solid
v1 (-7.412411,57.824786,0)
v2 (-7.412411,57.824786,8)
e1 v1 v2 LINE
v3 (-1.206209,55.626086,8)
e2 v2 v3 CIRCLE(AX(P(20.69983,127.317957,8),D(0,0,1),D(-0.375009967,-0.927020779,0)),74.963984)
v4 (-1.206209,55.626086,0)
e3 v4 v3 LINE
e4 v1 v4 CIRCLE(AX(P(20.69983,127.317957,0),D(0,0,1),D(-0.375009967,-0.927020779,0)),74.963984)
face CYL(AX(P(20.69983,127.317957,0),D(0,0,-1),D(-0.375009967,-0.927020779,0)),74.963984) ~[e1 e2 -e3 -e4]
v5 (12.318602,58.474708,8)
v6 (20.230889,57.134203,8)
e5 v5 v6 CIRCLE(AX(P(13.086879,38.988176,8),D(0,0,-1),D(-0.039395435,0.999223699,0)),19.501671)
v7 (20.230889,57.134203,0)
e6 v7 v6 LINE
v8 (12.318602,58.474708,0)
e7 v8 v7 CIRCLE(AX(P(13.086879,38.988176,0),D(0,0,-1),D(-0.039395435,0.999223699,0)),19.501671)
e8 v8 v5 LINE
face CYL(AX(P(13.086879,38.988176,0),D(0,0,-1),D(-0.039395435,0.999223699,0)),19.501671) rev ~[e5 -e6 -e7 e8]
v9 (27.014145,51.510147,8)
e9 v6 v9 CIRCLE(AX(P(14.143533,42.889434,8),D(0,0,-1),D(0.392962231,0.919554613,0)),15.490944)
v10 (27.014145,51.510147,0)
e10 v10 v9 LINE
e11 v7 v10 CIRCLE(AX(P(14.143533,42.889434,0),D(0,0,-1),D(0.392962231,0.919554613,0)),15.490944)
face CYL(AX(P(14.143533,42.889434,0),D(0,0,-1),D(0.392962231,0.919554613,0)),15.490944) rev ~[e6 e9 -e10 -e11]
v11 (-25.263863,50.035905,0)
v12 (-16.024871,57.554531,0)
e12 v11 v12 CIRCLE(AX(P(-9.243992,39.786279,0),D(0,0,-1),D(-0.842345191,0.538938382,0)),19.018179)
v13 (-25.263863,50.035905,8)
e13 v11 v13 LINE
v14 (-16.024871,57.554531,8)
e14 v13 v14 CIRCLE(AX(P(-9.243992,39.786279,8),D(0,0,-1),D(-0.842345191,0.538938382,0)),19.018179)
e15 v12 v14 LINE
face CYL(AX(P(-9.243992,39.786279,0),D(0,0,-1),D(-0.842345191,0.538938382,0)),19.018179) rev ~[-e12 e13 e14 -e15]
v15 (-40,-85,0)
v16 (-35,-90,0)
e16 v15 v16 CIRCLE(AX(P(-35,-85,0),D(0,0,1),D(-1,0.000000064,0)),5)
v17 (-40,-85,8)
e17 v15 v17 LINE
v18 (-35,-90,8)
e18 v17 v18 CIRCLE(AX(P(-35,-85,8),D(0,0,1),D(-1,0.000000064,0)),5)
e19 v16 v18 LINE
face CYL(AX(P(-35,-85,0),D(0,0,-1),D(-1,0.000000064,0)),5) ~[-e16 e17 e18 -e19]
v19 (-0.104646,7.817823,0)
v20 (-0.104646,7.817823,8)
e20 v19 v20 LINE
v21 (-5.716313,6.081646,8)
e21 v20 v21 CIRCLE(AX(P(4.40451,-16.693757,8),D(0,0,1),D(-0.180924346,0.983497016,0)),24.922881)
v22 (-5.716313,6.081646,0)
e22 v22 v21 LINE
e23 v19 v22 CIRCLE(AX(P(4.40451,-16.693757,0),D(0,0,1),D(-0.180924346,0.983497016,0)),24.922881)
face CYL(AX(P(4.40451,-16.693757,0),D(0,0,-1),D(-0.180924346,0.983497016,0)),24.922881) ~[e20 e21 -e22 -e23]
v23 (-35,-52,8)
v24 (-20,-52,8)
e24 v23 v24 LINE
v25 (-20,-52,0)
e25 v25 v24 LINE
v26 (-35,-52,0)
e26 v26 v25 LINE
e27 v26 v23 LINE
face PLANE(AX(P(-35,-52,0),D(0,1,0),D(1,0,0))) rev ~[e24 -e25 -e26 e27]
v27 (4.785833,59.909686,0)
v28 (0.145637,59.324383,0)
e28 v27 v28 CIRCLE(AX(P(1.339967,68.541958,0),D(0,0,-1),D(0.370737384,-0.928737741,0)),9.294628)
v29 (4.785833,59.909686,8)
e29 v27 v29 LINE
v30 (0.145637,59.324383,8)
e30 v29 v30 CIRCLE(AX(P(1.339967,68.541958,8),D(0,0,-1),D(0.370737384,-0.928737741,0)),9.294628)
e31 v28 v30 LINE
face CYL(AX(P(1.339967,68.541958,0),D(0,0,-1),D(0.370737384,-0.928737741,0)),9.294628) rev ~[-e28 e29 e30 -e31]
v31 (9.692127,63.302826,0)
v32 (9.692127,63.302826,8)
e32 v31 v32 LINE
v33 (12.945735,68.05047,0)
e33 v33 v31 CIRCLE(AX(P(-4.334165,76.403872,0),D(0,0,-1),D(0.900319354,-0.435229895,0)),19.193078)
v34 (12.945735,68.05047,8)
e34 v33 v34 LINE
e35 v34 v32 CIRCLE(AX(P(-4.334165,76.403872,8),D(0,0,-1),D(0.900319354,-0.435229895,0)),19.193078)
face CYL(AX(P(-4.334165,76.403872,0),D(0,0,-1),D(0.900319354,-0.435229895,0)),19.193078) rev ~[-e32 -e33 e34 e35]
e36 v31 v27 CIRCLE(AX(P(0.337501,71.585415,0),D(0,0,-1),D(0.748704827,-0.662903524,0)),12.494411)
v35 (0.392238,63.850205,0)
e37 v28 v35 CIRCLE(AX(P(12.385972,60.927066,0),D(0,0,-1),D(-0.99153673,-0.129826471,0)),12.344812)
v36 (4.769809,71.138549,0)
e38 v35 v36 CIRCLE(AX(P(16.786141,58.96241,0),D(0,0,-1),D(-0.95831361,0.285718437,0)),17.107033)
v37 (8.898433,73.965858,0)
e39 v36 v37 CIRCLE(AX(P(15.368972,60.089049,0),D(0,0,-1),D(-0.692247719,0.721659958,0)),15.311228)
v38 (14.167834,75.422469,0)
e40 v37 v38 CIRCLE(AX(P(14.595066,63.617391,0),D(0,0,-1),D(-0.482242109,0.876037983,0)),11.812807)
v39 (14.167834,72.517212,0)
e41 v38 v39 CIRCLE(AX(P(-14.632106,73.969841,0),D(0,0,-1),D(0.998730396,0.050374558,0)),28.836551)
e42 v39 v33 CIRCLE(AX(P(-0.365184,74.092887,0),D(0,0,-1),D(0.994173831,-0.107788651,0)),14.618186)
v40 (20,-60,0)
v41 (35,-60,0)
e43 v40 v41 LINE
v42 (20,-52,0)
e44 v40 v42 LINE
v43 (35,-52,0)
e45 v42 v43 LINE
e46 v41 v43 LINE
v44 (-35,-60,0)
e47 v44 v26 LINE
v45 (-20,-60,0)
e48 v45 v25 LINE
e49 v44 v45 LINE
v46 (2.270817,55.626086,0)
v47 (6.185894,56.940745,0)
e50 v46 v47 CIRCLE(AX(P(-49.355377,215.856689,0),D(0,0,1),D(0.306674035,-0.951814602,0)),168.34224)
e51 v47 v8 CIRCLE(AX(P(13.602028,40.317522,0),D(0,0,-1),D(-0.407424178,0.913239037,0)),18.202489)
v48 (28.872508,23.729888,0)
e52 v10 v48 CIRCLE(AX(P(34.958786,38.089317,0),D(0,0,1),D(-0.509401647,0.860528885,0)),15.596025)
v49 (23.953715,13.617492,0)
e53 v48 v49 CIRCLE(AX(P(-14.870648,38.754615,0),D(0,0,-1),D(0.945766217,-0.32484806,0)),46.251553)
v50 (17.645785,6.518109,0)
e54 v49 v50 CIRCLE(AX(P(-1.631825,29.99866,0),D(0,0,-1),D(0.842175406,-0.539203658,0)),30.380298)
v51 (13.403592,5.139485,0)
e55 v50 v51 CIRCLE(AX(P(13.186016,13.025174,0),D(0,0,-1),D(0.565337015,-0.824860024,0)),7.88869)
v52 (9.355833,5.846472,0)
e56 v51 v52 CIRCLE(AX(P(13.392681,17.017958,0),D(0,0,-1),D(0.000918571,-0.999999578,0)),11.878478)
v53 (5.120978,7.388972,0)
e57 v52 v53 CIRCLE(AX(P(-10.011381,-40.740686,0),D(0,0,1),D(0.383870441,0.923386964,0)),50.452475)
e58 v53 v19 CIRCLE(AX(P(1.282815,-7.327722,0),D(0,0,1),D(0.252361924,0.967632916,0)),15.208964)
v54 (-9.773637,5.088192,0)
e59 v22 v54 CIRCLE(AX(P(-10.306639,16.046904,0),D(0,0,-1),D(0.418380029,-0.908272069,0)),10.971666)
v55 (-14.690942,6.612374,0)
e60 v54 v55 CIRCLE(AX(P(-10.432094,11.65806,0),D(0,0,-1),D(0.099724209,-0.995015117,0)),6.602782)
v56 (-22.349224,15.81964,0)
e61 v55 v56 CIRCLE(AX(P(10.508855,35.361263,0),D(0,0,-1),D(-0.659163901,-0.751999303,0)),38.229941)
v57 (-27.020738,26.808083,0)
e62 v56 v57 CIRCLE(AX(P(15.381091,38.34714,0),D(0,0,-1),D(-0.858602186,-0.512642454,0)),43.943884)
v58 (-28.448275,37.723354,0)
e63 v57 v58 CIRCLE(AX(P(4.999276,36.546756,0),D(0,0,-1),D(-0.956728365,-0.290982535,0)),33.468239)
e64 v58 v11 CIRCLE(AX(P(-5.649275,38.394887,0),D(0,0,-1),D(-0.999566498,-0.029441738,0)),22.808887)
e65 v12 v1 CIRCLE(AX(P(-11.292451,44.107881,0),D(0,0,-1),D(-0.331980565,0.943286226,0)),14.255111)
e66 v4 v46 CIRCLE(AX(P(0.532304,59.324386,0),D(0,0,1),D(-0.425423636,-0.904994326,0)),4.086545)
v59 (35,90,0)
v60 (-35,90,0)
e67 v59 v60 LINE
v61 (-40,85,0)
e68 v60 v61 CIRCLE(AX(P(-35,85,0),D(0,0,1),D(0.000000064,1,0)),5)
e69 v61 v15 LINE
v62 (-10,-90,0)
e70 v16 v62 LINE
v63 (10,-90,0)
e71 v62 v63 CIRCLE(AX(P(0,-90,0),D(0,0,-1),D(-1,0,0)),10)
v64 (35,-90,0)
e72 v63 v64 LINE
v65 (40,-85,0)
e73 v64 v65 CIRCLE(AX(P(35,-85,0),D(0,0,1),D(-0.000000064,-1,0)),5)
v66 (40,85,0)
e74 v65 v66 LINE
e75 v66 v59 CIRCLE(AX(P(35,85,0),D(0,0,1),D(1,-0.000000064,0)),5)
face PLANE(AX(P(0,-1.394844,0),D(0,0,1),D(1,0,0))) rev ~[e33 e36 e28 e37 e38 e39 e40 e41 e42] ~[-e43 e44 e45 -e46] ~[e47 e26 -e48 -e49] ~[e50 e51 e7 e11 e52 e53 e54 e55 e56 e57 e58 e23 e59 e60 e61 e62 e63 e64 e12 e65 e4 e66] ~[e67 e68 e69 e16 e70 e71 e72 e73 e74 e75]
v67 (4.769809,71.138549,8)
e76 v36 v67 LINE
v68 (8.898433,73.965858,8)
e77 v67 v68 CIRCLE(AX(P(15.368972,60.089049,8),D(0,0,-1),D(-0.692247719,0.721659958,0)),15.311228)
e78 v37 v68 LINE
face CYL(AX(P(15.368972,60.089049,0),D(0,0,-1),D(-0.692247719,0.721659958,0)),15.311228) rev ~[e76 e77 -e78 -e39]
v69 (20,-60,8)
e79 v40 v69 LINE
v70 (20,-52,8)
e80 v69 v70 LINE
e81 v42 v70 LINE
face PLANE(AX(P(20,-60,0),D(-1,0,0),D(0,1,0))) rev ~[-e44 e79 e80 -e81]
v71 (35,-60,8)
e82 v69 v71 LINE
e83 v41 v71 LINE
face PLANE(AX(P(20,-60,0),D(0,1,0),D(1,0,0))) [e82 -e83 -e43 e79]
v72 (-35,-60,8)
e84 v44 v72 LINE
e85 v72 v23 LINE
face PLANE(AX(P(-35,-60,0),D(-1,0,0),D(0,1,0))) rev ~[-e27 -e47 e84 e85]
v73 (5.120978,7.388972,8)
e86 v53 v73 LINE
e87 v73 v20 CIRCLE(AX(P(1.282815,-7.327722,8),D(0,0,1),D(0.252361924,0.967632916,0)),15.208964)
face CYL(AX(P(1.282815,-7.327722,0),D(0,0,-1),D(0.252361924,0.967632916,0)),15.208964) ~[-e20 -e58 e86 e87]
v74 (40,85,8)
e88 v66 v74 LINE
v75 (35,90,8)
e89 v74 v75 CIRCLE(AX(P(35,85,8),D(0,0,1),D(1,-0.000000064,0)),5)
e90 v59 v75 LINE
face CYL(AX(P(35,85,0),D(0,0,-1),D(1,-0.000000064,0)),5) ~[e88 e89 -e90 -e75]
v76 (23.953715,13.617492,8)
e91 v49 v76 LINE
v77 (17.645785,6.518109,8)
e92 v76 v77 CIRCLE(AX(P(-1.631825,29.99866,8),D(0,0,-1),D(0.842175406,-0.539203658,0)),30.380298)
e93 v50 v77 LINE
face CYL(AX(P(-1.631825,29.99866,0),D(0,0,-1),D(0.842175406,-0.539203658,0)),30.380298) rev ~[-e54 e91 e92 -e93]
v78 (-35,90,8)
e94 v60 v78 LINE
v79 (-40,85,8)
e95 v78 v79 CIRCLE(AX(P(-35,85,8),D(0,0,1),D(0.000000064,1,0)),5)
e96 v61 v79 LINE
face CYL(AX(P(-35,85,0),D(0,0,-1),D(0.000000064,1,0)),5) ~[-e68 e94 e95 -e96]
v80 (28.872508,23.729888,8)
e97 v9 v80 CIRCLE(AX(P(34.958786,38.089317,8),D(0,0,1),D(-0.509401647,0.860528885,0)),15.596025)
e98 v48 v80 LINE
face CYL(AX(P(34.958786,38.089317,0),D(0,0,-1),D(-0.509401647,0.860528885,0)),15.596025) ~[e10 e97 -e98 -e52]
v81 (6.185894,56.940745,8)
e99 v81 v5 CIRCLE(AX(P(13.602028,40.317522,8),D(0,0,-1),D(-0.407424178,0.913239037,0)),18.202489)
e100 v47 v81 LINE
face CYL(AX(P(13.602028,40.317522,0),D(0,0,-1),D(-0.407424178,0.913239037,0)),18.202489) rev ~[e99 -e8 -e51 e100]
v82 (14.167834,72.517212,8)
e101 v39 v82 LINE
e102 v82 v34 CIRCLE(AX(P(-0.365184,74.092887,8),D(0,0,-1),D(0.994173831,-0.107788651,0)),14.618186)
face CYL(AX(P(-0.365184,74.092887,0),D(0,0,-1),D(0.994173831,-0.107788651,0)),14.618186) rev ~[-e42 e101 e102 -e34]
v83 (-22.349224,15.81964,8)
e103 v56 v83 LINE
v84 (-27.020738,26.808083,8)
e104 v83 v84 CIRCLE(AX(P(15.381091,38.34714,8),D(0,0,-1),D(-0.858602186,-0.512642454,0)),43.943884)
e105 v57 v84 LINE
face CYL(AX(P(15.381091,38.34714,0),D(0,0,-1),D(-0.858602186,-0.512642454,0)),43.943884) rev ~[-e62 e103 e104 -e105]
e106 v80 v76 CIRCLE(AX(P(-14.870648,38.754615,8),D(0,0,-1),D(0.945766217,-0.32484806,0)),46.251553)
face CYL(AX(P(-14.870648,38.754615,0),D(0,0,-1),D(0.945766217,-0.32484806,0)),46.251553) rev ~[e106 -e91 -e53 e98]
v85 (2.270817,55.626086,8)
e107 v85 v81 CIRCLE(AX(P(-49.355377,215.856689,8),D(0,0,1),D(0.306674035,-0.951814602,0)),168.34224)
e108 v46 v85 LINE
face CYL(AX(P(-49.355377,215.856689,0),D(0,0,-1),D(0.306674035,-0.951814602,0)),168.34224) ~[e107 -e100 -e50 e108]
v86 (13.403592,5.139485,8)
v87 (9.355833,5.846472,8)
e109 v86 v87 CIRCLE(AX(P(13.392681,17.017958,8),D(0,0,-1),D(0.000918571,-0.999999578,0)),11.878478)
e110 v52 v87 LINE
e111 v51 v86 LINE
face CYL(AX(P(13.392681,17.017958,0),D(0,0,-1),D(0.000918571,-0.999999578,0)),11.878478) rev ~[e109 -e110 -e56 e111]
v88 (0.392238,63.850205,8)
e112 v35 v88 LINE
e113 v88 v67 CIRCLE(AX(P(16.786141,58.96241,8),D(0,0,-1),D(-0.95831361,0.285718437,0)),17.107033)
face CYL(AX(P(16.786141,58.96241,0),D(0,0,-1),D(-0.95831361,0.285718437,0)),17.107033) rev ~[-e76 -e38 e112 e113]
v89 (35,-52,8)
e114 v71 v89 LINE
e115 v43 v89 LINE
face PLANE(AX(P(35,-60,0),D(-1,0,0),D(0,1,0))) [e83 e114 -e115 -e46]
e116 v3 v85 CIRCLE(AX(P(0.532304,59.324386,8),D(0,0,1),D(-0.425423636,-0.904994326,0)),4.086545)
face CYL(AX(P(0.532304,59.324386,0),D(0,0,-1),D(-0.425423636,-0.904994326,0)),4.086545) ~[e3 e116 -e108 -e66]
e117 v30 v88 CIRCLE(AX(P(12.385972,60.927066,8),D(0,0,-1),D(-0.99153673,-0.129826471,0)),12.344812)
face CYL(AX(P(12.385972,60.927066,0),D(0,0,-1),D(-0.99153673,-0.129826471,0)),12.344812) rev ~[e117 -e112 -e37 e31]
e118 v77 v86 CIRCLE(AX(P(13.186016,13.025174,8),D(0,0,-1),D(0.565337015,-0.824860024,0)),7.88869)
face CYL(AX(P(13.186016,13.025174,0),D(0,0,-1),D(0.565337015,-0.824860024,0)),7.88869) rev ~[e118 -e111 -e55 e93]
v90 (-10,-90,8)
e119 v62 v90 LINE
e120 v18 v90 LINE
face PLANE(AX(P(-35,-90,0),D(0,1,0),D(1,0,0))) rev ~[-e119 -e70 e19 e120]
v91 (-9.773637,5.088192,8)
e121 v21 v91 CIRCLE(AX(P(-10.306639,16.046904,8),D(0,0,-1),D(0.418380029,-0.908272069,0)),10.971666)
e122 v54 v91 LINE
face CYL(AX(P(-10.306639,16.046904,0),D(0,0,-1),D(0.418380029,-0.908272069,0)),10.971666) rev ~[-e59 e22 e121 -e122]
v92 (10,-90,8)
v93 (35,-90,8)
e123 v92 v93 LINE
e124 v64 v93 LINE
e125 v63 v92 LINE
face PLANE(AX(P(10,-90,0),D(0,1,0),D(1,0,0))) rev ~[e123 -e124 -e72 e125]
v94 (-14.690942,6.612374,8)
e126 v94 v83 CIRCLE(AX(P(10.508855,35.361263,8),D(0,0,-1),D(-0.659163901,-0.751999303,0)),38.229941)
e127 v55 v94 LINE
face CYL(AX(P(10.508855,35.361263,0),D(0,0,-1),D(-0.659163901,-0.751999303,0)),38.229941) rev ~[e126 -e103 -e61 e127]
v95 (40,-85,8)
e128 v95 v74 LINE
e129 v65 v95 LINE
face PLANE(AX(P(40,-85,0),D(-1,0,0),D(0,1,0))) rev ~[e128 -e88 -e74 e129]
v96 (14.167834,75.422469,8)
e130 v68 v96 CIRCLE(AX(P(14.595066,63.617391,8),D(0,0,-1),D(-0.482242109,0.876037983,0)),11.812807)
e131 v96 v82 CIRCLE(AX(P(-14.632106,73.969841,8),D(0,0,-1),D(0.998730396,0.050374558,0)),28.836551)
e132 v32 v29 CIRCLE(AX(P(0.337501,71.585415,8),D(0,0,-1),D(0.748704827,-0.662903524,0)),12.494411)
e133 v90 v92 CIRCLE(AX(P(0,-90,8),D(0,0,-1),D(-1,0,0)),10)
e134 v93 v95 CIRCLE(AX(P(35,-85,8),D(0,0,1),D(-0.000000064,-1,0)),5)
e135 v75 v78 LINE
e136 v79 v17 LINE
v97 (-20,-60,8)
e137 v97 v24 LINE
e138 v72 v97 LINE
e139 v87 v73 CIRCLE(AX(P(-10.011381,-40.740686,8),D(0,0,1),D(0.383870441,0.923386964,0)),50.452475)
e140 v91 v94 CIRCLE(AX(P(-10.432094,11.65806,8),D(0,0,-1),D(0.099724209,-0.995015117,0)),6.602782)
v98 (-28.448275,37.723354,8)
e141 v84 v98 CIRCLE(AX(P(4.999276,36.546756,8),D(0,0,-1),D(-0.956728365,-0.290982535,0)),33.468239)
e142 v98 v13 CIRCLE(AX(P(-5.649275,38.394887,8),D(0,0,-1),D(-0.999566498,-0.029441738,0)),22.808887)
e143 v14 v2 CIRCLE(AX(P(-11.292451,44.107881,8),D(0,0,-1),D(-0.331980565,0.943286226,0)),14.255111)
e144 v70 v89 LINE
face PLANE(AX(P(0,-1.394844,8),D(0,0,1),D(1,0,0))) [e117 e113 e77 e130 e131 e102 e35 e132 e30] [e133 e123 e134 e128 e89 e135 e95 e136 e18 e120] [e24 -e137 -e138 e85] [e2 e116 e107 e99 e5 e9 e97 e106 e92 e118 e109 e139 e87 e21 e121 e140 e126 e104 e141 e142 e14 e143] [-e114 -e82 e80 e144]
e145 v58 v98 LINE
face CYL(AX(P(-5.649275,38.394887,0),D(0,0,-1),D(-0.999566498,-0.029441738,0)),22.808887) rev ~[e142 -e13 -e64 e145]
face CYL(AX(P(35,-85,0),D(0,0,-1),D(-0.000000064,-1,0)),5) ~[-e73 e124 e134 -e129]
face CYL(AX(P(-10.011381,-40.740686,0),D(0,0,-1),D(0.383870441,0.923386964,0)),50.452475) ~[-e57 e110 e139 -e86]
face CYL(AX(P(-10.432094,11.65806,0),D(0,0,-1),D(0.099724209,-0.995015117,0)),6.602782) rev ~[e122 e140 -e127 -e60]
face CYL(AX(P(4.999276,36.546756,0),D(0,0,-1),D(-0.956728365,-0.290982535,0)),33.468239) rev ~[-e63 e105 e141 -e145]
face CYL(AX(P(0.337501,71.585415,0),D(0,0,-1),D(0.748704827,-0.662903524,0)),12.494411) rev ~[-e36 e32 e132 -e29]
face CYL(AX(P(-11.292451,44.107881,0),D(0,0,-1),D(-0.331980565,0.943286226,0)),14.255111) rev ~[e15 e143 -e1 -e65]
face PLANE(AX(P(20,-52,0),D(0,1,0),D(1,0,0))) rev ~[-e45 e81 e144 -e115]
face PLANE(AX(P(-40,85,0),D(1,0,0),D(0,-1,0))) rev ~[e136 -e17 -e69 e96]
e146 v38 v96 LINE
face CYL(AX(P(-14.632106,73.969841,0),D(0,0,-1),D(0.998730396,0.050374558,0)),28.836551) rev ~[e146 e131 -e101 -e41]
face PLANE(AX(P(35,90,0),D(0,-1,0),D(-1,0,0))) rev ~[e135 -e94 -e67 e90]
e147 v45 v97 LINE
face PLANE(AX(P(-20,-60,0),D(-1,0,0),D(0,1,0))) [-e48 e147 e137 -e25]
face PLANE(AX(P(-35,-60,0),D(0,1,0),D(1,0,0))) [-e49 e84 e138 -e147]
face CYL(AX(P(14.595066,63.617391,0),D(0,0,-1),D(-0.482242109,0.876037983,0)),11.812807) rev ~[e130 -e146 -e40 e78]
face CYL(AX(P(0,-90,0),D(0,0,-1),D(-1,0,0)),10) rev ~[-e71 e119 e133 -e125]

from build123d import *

# Parameters (mm, degrees)
F0_W     = 15
F0_H     = 8
F1_DEPTH = 8


with BuildPart() as f1:
    # F0 (on Top) → F1 (new body)
    with BuildSketch(Plane.XY):
        with BuildLine():
            Line((35, 90), (-35, 90))
            ThreePointArc((-35, 90), (-38.535534, 88.535534), (-40, 85))
            Line((-40, 85), (-40, -85))
            ThreePointArc((-40, -85), (-38.535534, -88.535534), (-35, -90))
            Line((-35, -90), (-10, -90))
            ThreePointArc((-10, -90), (0, -80), (10, -90))
            Line((10, -90), (35, -90))
            ThreePointArc((35, -90), (38.535534, -88.535534), (40, -85))
            Line((40, -85), (40, 85))
            ThreePointArc((40, 85), (38.535534, 88.535534), (35, 90))
        make_face()
        with Locations((-27.5, -56)):
            Rectangle(F0_W, F0_H, mode=Mode.SUBTRACT)
        with Locations((27.5, -56)):
            Rectangle(F0_W, F0_H, mode=Mode.SUBTRACT)
        with BuildLine():
            ThreePointArc((-25.263863, 50.035905), (-21.248199, 54.537215), (-16.024871, 57.554531))
            ThreePointArc((-16.024871, 57.554531), (-11.73955, 58.355979), (-7.412411, 57.824786))
            ThreePointArc((-7.412411, 57.824786), (-4.333461, 56.657266), (-1.206209, 55.626086))
            ThreePointArc((-1.206209, 55.626086), (0.532304, 55.237841), (2.270817, 55.626086))
            ThreePointArc((2.270817, 55.626086), (4.232387, 56.271409), (6.185894, 56.940745))
            ThreePointArc((6.185894, 56.940745), (9.185146, 57.975997), (12.318602, 58.474708))
            ThreePointArc((12.318602, 58.474708), (16.344444, 58.21585), (20.230889, 57.134203))
            ThreePointArc((20.230889, 57.134203), (24.03083, 54.814647), (27.014145, 51.510147))
            ThreePointArc((27.014145, 51.510147), (19.39754, 37.048347), (28.872508, 23.729888))
            ThreePointArc((28.872508, 23.729888), (26.721586, 18.523644), (23.953715, 13.617492))
            ThreePointArc((23.953715, 13.617492), (21.078874, 9.819793), (17.645785, 6.518109))
            ThreePointArc((17.645785, 6.518109), (15.624159, 5.522715), (13.403592, 5.139485))
            ThreePointArc((13.403592, 5.139485), (11.34891, 5.316623), (9.355833, 5.846472))
            ThreePointArc((9.355833, 5.846472), (7.255639, 6.665034), (5.120978, 7.388972))
            ThreePointArc((5.120978, 7.388972), (2.526786, 7.830283), (-0.104646, 7.817823))
            ThreePointArc((-0.104646, 7.817823), (-2.961809, 7.11564), (-5.716313, 6.081646))
            ThreePointArc((-5.716313, 6.081646), (-7.69726, 5.390047), (-9.773637, 5.088192))
            ThreePointArc((-9.773637, 5.088192), (-12.386956, 5.351298), (-14.690942, 6.612374))
            ThreePointArc((-14.690942, 6.612374), (-18.882856, 10.914265), (-22.349224, 15.81964))
            ThreePointArc((-22.349224, 15.81964), (-25.059935, 21.154457), (-27.020738, 26.808083))
            ThreePointArc((-27.020738, 26.808083), (-28.186358, 32.206624), (-28.448275, 37.723354))
            ThreePointArc((-28.448275, 37.723354), (-27.731572, 44.106062), (-25.263863, 50.035905))
        make_face(mode=Mode.SUBTRACT)
        with BuildLine():
            ThreePointArc((8.898433, 73.965858), (11.447708, 75.003195), (14.167834, 75.422469))
            ThreePointArc((14.167834, 75.422469), (14.204445, 73.96984), (14.167834, 72.517212))
            ThreePointArc((14.167834, 72.517212), (13.734786, 70.23514), (12.945735, 68.05047))
            ThreePointArc((12.945735, 68.05047), (11.497905, 65.553995), (9.692127, 63.302826))
            ThreePointArc((9.692127, 63.302826), (7.444453, 61.309154), (4.785833, 59.909686))
            ThreePointArc((4.785833, 59.909686), (2.503152, 59.320401), (0.145637, 59.324383))
            ThreePointArc((0.145637, 59.324383), (0.059444, 61.598708), (0.392238, 63.850205))
            ThreePointArc((0.392238, 63.850205), (2.121034, 67.770658), (4.769809, 71.138549))
            ThreePointArc((4.769809, 71.138549), (6.717839, 72.722006), (8.898433, 73.965858))
        make_face(mode=Mode.SUBTRACT)
    extrude(amount=F1_DEPTH)


solid = f1.part
